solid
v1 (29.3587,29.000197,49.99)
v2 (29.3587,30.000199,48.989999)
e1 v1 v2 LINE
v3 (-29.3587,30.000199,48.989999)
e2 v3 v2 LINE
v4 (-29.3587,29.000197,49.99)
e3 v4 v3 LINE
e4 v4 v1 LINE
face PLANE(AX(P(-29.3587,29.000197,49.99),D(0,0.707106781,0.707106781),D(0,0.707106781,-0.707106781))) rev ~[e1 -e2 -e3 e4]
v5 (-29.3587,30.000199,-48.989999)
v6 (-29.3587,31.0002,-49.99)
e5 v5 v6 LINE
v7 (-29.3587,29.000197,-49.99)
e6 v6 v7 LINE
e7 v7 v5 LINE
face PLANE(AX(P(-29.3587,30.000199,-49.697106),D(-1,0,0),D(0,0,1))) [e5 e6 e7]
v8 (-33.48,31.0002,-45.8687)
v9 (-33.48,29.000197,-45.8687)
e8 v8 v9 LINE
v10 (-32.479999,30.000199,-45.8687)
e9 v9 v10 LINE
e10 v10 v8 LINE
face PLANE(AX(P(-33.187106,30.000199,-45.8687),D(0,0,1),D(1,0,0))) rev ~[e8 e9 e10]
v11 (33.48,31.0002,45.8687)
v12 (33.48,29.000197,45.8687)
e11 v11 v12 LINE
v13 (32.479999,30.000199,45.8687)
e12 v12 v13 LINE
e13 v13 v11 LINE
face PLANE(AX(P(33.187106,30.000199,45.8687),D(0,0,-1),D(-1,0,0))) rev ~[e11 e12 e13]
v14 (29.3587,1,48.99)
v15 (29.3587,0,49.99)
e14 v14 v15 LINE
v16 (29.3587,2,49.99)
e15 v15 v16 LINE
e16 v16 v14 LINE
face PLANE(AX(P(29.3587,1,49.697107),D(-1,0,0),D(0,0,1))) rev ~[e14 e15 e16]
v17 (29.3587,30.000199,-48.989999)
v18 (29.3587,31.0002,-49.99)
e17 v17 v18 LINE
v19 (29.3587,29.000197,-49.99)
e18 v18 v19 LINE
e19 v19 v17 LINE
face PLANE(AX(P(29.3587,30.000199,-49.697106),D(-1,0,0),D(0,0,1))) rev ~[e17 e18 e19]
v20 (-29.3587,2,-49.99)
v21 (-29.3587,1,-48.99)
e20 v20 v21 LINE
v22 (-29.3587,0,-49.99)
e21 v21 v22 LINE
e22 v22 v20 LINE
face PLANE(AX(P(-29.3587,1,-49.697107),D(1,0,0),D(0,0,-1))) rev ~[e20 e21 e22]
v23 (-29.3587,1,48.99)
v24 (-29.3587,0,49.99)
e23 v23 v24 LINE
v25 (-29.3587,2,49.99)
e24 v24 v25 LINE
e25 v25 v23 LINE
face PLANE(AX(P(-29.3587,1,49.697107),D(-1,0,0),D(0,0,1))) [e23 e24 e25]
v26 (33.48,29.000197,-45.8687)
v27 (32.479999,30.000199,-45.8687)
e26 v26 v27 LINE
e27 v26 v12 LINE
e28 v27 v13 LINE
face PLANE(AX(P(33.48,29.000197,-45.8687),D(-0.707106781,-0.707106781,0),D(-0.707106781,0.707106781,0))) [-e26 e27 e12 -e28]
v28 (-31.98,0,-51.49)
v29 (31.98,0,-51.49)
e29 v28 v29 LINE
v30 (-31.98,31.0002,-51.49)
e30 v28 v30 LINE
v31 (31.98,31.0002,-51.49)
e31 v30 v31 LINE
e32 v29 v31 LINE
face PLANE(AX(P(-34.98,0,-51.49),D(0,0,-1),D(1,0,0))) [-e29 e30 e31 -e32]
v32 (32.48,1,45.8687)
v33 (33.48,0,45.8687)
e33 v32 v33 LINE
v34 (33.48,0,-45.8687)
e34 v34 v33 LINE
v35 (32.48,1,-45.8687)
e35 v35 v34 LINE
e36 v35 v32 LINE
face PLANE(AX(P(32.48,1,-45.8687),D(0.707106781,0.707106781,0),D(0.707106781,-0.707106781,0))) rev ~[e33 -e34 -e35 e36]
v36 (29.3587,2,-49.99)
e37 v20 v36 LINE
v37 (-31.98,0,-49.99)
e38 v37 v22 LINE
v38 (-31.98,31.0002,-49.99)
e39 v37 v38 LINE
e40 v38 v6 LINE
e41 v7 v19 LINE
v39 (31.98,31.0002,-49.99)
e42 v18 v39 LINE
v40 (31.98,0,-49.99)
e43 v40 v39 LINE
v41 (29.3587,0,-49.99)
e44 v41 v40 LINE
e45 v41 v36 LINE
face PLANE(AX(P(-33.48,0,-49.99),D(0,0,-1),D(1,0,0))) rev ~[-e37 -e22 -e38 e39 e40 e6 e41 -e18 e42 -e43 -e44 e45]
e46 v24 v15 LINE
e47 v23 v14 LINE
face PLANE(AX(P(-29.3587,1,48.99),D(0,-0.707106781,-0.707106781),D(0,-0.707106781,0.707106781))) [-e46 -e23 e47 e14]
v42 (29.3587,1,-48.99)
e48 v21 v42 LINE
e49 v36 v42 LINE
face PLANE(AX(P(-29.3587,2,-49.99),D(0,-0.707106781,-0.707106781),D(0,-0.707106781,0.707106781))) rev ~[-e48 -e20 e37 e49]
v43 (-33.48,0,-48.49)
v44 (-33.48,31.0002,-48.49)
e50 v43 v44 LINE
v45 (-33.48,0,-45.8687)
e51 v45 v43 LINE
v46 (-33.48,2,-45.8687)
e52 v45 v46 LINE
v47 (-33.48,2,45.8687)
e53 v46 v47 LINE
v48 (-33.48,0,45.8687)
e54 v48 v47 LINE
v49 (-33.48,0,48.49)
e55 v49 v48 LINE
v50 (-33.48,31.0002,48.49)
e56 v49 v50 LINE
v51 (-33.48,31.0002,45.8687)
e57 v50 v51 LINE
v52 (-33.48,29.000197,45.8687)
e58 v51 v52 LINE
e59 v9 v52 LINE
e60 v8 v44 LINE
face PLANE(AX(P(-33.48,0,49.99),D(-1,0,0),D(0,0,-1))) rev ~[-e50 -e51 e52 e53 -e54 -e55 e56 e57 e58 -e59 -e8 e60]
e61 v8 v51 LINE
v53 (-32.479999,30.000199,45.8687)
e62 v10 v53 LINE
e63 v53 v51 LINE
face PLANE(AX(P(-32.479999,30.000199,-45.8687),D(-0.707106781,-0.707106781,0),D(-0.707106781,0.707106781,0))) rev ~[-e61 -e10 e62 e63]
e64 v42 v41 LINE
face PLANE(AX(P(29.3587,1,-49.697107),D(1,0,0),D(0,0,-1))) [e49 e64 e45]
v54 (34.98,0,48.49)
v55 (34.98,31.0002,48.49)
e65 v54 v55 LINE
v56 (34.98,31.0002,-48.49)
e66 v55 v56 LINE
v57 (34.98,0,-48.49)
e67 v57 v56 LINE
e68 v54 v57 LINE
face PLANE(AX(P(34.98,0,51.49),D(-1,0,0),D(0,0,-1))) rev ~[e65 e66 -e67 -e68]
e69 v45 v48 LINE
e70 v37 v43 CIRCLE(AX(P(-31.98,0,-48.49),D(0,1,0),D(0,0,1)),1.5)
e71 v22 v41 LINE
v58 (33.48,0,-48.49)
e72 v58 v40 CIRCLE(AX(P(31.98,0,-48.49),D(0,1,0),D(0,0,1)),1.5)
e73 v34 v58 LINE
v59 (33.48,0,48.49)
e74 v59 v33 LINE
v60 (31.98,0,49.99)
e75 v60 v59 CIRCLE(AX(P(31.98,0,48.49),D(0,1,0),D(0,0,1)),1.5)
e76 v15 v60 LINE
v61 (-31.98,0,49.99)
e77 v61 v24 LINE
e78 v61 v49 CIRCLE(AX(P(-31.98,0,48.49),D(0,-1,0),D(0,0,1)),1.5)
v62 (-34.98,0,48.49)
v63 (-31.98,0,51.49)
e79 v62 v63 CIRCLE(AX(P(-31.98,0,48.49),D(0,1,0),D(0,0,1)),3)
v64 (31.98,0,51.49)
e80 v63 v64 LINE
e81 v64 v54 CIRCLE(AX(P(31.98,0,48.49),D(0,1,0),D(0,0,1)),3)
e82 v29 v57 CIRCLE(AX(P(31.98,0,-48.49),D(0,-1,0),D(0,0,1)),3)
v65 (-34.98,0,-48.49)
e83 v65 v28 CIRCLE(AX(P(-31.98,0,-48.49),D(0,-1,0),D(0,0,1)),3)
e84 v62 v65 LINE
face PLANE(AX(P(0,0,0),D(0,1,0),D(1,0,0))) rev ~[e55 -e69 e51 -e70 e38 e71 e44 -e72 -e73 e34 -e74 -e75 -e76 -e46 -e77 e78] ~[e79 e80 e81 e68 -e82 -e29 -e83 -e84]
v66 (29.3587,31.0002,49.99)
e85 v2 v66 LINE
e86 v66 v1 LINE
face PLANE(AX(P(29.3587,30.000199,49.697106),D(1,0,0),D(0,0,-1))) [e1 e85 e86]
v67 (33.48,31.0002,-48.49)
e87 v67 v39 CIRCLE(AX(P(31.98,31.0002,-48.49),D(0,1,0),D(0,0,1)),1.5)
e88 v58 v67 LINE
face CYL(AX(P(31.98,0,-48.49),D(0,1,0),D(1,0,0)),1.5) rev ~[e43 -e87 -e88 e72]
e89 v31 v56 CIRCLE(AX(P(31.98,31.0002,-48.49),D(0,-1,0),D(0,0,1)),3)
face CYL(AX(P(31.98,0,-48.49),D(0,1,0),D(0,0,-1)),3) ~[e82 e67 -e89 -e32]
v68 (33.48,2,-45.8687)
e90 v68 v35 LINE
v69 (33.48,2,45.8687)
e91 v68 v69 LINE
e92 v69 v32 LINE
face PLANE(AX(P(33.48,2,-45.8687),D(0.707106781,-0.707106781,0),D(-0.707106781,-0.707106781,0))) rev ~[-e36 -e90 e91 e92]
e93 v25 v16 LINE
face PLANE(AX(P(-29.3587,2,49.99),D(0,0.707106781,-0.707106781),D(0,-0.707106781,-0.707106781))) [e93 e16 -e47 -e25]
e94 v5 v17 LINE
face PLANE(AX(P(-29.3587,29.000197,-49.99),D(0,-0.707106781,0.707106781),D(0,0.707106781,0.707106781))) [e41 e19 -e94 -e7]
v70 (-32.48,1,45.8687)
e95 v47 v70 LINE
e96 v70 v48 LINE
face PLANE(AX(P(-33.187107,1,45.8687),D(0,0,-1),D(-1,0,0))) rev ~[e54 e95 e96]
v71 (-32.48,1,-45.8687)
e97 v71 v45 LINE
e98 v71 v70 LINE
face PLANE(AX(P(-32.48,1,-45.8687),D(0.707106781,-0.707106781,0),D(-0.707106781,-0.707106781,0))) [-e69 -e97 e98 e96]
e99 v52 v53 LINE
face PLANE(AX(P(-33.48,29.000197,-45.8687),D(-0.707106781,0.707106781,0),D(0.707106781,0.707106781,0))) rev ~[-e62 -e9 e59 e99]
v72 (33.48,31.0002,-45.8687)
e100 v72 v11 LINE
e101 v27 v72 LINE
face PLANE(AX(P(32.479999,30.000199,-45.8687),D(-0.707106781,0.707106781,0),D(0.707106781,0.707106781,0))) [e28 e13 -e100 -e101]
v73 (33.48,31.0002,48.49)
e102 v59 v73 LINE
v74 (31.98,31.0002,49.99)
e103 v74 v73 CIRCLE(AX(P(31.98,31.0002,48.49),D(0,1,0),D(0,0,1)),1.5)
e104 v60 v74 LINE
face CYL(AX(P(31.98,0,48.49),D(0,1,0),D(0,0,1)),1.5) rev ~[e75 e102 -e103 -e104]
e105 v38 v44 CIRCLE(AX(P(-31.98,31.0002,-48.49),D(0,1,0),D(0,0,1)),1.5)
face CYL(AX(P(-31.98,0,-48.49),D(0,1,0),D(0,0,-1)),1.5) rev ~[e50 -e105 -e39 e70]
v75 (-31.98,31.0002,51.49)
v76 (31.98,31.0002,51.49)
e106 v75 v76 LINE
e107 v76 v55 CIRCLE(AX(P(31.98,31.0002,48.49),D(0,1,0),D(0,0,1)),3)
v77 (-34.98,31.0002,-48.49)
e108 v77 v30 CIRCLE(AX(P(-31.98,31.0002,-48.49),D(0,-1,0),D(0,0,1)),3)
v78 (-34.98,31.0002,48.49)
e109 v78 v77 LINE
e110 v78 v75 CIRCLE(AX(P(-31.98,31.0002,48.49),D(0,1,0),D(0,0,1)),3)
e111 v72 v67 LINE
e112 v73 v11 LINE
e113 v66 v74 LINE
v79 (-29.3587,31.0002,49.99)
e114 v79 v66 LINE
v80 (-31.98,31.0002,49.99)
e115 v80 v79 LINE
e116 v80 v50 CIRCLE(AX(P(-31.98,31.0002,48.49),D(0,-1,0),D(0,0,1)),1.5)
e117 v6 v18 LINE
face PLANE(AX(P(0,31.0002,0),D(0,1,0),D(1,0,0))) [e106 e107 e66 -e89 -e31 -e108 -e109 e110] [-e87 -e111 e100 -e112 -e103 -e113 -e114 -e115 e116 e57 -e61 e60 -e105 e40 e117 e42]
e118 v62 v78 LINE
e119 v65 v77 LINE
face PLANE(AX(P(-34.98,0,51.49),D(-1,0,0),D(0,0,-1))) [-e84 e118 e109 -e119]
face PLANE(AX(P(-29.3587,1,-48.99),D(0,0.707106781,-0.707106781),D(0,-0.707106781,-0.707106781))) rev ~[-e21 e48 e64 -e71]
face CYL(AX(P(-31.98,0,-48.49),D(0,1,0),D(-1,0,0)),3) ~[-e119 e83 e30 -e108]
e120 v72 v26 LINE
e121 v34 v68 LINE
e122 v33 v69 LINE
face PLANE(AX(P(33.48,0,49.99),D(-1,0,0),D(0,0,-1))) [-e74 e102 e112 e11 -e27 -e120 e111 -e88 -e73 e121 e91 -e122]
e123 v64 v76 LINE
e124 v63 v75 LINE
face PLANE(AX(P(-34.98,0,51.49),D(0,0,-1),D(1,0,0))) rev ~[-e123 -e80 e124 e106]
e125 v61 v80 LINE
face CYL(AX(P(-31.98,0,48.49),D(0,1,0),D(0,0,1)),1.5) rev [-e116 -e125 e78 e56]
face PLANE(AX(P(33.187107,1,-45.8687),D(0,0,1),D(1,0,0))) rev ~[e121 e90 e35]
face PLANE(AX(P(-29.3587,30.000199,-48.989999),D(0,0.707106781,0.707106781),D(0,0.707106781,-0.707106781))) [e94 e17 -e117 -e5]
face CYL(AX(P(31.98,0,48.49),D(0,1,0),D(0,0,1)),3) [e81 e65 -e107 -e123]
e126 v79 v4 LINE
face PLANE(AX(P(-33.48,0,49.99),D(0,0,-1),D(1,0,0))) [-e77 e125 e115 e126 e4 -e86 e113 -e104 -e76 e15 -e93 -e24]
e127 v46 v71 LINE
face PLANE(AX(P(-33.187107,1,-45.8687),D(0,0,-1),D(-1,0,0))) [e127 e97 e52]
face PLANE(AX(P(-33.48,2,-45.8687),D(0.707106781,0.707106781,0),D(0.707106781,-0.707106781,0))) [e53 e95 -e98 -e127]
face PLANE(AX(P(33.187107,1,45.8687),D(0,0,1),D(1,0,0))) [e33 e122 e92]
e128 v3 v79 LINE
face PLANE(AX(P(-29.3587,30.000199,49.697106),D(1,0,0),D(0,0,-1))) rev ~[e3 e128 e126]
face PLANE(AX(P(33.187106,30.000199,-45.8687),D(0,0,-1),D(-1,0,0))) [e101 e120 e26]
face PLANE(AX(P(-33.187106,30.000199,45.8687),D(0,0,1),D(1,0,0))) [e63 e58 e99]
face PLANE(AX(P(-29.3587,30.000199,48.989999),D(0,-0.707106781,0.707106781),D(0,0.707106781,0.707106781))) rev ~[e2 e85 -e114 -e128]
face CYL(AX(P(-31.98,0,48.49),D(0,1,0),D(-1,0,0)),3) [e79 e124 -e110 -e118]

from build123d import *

# Parameters (mm, degrees)
SKETCH1_W           = 69.96
SKETCH1_H           = 102.98
SKETCH1_W_2         = 66.96
SKETCH1_H_2         = 99.98
BOSS_EXTRUDE1_DEPTH = 31.0002
FILLET1_R           = 3
FILLET2_R           = 1.5
BOSS_EXTRUDE2_START = -29.3587
BOSS_EXTRUDE2_DEPTH = 58.7174
BOSS_EXTRUDE3_START = -45.8687
BOSS_EXTRUDE3_DEPTH = 91.7374


with BuildPart() as part:
    # Sketch1 → Boss-Extrude1 (new body)
    with BuildSketch(Plane(origin=(0, 0, 0), x_dir=(1, 0, 0), z_dir=(0, 1, 0))):
        Rectangle(SKETCH1_W, SKETCH1_H)
        Rectangle(SKETCH1_W_2, SKETCH1_H_2, mode=Mode.SUBTRACT)
    extrude(amount=BOSS_EXTRUDE1_DEPTH)

    # Fillet1
    fillet1_edges = [part.edges().sort_by_distance(p)[0] for p in [
        (34.98, 15.5001, 51.49),
        (-34.98, 15.5001, 51.49),
        (-34.98, 15.5001, -51.49),
        (34.98, 15.5001, -51.49),
    ]]
    fillet(fillet1_edges, radius=FILLET1_R)

    # Fillet2
    fillet2_edges = [part.edges().sort_by_distance(p)[0] for p in [
        (-33.48, 15.5001, -49.99),
        (-33.48, 15.5001, 49.99),
        (33.48, 15.5001, 49.99),
        (33.48, 15.5001, -49.99),
    ]]
    fillet(fillet2_edges, radius=FILLET2_R)

    # Sketch2 → Boss-Extrude2 (add)
    with BuildSketch(Plane(origin=(0, 0, 0), x_dir=(0, 0, -1), z_dir=(1, 0, 0)).offset(BOSS_EXTRUDE2_START)):
        Polygon((-49.99, 31.0002), (-49.99, 29.0001972), (-48.9899986, 30.0001986), align=None)
        Polygon((49.99, 31.0002), (49.99, 29.0001972), (48.9899986, 30.0001986), align=None)
        Polygon((-49.99, 0), (-49.99, 2), (-48.99, 1), align=None)
        Polygon((49.99, 0), (49.99, 2), (48.99, 1), align=None)
    extrude(amount=BOSS_EXTRUDE2_DEPTH)

    # Sketch3 → Boss-Extrude3 (add)
    with BuildSketch(Plane.XY.offset(BOSS_EXTRUDE3_START)):
        Polygon((-33.48, 31.0002), (-33.48, 29.0001972), (-32.4799986, 30.0001986), align=None)
        Polygon((-33.48, 0), (-33.48, 2), (-32.48, 1), align=None)
        Polygon((33.48, 31.0002), (33.48, 29.0001972), (32.4799986, 30.0001986), align=None)
        Polygon((33.48, 0), (33.48, 2), (32.48, 1), align=None)
    extrude(amount=BOSS_EXTRUDE3_DEPTH)


solid = part.part
